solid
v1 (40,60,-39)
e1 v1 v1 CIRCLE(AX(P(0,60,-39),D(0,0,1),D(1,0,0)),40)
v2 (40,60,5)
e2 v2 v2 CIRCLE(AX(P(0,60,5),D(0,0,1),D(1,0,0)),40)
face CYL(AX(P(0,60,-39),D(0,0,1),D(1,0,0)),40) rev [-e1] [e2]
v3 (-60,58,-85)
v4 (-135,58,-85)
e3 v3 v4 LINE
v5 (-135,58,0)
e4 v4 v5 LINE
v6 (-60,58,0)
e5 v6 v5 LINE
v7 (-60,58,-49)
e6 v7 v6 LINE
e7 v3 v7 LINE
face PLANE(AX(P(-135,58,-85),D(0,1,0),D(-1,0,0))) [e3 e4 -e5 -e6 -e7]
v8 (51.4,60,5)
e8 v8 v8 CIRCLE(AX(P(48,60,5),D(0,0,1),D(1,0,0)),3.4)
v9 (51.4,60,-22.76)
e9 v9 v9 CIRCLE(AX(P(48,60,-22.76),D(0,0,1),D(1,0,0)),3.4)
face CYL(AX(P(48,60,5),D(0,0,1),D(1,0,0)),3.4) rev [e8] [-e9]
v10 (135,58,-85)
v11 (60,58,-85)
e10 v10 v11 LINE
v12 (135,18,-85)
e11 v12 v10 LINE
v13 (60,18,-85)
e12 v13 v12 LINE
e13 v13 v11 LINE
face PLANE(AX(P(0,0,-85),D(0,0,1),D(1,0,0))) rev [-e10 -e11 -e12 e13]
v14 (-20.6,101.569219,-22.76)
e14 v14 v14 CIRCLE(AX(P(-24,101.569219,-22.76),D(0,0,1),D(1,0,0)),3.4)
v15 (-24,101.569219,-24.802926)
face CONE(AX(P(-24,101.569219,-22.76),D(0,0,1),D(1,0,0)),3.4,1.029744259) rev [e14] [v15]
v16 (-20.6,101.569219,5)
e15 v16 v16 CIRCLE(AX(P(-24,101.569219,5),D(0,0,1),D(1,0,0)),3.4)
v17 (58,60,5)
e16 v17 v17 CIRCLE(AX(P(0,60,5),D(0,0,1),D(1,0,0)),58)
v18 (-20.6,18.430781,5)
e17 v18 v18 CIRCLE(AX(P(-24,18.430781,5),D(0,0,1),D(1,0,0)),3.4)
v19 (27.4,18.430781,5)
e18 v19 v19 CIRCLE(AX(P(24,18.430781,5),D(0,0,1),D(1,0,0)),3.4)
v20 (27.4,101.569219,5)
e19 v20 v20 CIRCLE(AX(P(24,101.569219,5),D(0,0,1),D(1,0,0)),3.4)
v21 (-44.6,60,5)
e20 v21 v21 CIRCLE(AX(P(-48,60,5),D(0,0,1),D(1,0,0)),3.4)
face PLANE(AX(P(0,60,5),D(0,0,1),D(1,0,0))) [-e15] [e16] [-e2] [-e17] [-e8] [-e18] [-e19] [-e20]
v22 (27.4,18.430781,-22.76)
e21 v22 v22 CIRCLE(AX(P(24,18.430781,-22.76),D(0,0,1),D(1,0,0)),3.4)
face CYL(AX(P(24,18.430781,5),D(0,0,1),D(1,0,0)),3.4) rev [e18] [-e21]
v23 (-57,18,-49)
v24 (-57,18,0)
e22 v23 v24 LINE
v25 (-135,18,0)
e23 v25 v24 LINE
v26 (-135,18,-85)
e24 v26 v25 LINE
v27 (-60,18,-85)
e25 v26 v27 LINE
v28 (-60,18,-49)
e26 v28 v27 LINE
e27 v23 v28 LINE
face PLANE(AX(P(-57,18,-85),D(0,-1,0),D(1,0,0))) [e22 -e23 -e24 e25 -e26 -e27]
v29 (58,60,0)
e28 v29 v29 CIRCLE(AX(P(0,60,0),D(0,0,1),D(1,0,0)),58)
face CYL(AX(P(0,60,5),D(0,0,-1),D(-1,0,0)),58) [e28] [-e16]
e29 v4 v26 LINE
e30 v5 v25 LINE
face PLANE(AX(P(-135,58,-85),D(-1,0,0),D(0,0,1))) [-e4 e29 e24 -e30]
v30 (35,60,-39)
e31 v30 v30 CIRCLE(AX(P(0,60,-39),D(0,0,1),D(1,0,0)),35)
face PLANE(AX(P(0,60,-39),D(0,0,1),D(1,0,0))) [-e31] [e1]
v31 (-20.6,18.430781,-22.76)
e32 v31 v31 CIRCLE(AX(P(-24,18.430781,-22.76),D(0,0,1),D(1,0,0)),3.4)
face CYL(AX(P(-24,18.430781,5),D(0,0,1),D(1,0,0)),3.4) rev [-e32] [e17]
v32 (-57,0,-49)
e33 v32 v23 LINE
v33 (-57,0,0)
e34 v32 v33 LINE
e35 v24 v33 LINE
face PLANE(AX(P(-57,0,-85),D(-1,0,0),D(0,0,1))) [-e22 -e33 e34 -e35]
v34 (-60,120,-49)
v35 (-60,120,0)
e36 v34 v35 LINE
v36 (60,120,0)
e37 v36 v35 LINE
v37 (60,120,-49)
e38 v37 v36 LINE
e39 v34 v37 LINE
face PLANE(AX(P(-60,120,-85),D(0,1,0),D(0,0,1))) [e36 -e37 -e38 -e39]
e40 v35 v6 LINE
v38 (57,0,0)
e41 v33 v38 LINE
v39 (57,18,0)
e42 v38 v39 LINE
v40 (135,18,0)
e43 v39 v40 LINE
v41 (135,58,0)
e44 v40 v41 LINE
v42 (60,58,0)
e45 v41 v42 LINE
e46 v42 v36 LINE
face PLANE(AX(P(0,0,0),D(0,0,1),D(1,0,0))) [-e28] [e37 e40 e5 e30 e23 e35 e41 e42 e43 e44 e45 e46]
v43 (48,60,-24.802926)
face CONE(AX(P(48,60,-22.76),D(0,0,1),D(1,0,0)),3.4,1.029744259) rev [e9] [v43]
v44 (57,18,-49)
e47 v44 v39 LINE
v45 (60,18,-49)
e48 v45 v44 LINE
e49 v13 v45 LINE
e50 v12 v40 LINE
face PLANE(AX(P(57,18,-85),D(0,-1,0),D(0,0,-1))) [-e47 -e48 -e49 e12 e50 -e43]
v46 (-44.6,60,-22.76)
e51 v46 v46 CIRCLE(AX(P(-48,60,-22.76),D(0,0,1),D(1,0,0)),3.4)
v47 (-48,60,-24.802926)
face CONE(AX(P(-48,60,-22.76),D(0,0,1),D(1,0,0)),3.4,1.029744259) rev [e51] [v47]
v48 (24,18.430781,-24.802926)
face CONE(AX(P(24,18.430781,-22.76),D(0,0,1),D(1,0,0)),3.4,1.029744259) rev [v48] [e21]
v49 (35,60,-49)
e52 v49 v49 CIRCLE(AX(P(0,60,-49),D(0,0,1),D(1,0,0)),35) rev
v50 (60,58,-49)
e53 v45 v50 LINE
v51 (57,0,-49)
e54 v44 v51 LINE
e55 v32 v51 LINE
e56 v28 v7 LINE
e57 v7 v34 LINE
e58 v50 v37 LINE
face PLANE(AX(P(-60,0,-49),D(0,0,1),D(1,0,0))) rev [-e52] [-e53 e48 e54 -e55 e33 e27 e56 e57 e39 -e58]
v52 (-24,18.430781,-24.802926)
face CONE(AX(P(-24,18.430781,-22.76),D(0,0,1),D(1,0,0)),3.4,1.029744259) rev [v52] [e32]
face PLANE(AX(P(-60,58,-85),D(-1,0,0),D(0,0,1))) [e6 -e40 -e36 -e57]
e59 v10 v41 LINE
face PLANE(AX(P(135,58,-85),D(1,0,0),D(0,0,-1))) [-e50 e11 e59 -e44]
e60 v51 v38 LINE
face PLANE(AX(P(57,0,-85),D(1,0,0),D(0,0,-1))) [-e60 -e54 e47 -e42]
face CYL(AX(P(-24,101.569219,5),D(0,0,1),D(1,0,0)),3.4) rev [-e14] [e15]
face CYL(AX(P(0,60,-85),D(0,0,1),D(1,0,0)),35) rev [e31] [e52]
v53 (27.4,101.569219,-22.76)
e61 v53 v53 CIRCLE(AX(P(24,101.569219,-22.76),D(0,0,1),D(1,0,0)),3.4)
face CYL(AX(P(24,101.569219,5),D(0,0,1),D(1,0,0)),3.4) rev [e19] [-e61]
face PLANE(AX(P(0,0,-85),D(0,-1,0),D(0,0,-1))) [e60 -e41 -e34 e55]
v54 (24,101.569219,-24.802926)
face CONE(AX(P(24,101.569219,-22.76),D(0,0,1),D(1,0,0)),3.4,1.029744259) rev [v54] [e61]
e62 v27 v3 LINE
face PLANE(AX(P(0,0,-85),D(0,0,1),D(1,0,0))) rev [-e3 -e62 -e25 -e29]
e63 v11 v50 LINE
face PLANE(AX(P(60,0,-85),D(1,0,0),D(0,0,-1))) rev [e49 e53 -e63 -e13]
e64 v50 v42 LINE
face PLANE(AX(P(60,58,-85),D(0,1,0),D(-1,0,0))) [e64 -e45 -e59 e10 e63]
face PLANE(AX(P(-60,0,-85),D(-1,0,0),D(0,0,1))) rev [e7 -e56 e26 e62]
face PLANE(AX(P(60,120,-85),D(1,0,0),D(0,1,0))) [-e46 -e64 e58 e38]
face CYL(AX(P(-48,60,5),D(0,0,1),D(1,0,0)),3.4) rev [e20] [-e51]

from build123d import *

# Parameters (mm, degrees)
EXTRUDE_1_DEPTH          = 85
SKETCH_2_R               = 58
EXTRUDE_2_DEPTH          = 5
SKETCH_3_R               = 40
CUT_EXTRUDE_1_DEPTH      = 44
SKETCH_4_R               = 35
CUT_EXTRUDE_2_DEPTH      = 187.38937738
PATTERN_CIRCULAR_1_COUNT = 6
SKETCH_8_W               = 120
SKETCH_8_H               = 36
CUT_EXTRUDE_3_DEPTH      = 200.624647777


with BuildPart() as part:
    # 草图1 → 凸台-拉伸1 (new body)
    with BuildSketch(Plane.XY):
        Polygon((0, 0), (-57, 0), (-57, 18), (-135, 18), (-135, 58), (-60, 58), (-60, 120), (60, 120), (60, 58), (135, 58), (135, 18), (57, 18), (57, 0), align=None)
    extrude(amount=-EXTRUDE_1_DEPTH)

    # 草图2 → 凸台-拉伸2 (add)
    with BuildSketch(Plane.XY):
        with Locations((0, 60)):
            Circle(SKETCH_2_R)
    extrude(amount=EXTRUDE_2_DEPTH)

    # 草图3 → 切除-拉伸1 (cut)
    with BuildSketch(Plane.XY.offset(5)):
        with Locations((0, 60)):
            Circle(SKETCH_3_R)
    extrude(amount=-CUT_EXTRUDE_1_DEPTH, mode=Mode.SUBTRACT)

    # 草图4 → 切除-拉伸2 (cut, through all)
    with BuildSketch(Plane.XY.offset(-39)):
        with Locations((0, 60)):
            Circle(SKETCH_4_R)
    extrude(amount=-CUT_EXTRUDE_2_DEPTH, mode=Mode.SUBTRACT)

    # 草图7 → M8 螺纹孔1 (revolve, cut)
    with BuildSketch(Plane(origin=(24, 101.569219382, 5), x_dir=(0, -1, 0), z_dir=(1, 0, 0))):
        Polygon((0, 0), (0, 29.802926105), (3.4, 27.76), (3.4, 0), align=None)
    hole_wizard_m8_1 = revolve(axis=Axis((24, 101.569219382, 11.35), (0, 0, -1)), mode=Mode.SUBTRACT)

    # 阵列(圆周)1: M8 螺纹孔1 ×6 about axis
    pattern_circular_1_axis = Axis((0, 60, 0), (0, 0, 1))
    for i in range(1, PATTERN_CIRCULAR_1_COUNT):
        add(hole_wizard_m8_1.rotate(pattern_circular_1_axis, i * 360 / PATTERN_CIRCULAR_1_COUNT), mode=Mode.SUBTRACT)

    # 草图8 → 切除-拉伸3 (cut, through all)
    with BuildSketch(Plane(origin=(0, 120, 0), x_dir=(1, 0, 0), z_dir=(0, 1, 0))):
        with Locations((0, 67)):
            Rectangle(SKETCH_8_W, SKETCH_8_H)
    extrude(amount=-CUT_EXTRUDE_3_DEPTH, mode=Mode.SUBTRACT)


solid = part.part
